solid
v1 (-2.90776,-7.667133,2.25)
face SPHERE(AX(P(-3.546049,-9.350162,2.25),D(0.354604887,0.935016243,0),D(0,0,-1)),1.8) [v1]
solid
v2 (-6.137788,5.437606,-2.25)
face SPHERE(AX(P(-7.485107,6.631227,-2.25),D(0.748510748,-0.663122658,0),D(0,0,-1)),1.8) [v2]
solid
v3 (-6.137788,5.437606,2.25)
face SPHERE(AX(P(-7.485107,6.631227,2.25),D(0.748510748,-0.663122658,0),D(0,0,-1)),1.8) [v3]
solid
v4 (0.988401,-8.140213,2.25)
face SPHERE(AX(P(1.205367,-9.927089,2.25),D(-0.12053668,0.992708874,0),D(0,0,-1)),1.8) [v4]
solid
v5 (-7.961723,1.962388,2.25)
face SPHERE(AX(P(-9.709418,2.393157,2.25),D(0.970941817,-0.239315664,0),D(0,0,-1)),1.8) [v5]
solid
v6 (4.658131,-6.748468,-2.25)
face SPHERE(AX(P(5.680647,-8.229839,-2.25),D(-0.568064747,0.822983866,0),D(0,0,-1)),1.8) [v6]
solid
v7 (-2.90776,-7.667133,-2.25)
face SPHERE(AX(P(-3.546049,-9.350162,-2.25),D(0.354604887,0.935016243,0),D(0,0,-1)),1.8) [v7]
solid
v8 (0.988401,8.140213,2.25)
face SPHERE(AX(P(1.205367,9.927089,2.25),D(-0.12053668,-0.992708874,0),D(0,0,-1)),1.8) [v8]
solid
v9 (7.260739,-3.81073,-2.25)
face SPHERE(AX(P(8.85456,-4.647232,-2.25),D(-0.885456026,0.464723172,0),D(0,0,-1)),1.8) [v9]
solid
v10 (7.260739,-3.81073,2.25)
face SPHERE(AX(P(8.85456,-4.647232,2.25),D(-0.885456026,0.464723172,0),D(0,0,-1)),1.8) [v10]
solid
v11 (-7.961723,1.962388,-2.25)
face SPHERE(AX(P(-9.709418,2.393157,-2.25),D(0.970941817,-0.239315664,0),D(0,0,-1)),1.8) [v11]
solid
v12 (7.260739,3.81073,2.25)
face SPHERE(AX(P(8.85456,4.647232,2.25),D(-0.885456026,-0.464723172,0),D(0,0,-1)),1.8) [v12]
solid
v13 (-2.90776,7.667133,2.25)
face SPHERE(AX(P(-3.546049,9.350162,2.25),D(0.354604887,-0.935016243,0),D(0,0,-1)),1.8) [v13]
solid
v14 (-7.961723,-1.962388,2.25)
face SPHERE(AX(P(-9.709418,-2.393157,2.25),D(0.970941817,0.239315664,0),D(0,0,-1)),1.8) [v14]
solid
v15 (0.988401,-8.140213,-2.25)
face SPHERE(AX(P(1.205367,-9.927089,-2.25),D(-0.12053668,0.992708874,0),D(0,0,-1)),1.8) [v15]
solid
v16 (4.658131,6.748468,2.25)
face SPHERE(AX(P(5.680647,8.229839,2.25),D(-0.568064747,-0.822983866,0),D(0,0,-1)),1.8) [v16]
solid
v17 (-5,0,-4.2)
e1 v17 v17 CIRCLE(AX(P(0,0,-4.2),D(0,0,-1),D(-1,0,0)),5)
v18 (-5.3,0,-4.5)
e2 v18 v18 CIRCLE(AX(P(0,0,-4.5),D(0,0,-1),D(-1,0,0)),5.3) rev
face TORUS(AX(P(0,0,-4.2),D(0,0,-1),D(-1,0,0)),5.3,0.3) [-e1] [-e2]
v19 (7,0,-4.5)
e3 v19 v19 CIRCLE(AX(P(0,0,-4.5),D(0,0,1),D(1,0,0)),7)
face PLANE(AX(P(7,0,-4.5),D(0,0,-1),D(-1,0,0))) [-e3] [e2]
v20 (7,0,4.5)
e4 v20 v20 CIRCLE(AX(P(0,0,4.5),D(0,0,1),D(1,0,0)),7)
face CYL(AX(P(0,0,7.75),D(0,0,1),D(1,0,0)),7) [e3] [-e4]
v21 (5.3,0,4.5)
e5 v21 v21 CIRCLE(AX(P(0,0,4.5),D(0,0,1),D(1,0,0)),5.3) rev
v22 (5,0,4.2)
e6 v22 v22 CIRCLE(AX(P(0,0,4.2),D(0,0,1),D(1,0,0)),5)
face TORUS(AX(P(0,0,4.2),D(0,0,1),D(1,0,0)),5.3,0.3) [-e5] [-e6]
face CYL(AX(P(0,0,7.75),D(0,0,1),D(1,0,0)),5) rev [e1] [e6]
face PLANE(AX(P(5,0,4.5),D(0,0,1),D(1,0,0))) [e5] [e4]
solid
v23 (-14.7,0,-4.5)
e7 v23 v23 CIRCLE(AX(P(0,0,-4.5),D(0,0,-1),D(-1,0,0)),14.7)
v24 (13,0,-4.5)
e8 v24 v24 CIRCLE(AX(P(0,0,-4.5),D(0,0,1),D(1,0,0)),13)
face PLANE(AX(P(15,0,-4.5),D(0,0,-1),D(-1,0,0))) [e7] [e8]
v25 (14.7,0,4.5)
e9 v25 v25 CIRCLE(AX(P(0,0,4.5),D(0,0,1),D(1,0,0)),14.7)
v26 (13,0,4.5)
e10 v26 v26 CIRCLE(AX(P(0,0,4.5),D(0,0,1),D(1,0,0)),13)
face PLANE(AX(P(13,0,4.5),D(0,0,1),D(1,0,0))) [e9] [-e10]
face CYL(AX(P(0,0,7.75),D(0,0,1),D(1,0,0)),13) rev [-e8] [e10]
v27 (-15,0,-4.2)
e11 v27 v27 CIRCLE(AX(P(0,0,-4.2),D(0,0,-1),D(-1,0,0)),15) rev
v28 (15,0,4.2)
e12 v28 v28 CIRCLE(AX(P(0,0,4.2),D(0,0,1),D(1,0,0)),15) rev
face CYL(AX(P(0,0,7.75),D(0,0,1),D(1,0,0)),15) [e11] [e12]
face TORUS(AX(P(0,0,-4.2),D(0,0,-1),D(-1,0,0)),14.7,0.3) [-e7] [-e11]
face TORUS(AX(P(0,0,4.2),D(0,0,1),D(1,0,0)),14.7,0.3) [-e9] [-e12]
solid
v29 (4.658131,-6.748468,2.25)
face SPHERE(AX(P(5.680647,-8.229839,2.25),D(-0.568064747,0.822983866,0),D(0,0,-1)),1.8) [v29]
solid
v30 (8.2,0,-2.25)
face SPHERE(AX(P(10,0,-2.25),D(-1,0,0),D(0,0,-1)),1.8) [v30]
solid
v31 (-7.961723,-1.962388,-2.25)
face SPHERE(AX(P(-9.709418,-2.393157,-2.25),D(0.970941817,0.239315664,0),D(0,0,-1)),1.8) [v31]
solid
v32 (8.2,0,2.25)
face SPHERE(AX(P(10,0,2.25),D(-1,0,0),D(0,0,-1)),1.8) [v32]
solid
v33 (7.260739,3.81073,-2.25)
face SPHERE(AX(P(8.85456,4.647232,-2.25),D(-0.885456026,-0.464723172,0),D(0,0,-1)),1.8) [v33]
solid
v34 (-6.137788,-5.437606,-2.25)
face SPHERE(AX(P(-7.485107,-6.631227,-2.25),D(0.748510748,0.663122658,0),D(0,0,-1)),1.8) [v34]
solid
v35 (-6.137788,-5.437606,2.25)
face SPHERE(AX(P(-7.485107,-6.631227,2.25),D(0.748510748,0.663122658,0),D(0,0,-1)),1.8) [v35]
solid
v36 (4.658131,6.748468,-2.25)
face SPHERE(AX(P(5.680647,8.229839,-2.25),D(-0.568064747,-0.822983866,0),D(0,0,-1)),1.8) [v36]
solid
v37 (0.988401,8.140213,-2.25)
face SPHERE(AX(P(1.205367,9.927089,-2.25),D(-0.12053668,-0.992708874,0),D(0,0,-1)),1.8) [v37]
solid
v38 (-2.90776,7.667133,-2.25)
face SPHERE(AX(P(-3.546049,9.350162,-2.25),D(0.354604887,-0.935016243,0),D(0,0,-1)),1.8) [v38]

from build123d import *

# Parameters (mm, degrees)
INNERS_W            = 2
INNERS_H            = 9
OUTERS_W            = 2
OUTERS_H            = 9
BALL1SPATTERN_COUNT = 13
BALL2SPATTERN_COUNT = 13
FILLET_F1_R         = 0.3
FILLET_F2_R         = 0.3


with BuildPart() as part:
    # InnerS → InnerRing (revolve)
    with BuildSketch(Plane(origin=(0, 0, 0), x_dir=(1, 0, 0), z_dir=(0, 1, 0))):
        with Locations((6, 0)):
            Rectangle(INNERS_W, INNERS_H)
    revolve(axis=Axis((0, 0, 7.75), (0, 0, -1)))

    # Fillet F1
    fillet_f1_edges = [part.edges().sort_by_distance(p)[0] for p in [
        (-5, 0, -4.5),
        (-5, 0, 4.5),
    ]]
    fillet(fillet_f1_edges, radius=FILLET_F1_R)


with BuildPart() as body_2:
    # OuterS → OuterRing (revolve)
    with BuildSketch(Plane(origin=(0, 0, 0), x_dir=(1, 0, 0), z_dir=(0, 1, 0))):
        with Locations((14, 0)):
            Rectangle(OUTERS_W, OUTERS_H)
    revolve(axis=Axis((0, 0, 7.75), (0, 0, -1)))

    # Fillet F2
    fillet_f2_edges = [body_2.edges().sort_by_distance(p)[0] for p in [
        (-15, 0, -4.5),
        (-15, 0, 4.5),
    ]]
    fillet(fillet_f2_edges, radius=FILLET_F2_R)


with BuildPart() as body_3:
    # Ball1S → Ball1 (revolve)
    with BuildSketch(Plane(origin=(0, 0, 0), x_dir=(1, 0, 0), z_dir=(0, 1, 0))):
        with BuildLine():
            Line((8.2, 2.25), (11.8, 2.25))
            ThreePointArc((11.8, 2.25), (10, 0.45), (8.2, 2.25))
        make_face()
    revolve(axis=Axis((8.2, 0, -2.25), (1, 0, 0)))


with BuildPart() as ball1spattern_1:
    # Ball1sPattern: pattern copy
    add(body_3.part.rotate(Axis((0, 0, -4.95), (0, 0, 1)), 1 * 360 / BALL1SPATTERN_COUNT))


with BuildPart() as ball1spattern_2:
    # Ball1sPattern: pattern copy
    add(body_3.part.rotate(Axis((0, 0, -4.95), (0, 0, 1)), 2 * 360 / BALL1SPATTERN_COUNT))


with BuildPart() as ball1spattern_3:
    # Ball1sPattern: pattern copy
    add(body_3.part.rotate(Axis((0, 0, -4.95), (0, 0, 1)), 3 * 360 / BALL1SPATTERN_COUNT))


with BuildPart() as ball1spattern_4:
    # Ball1sPattern: pattern copy
    add(body_3.part.rotate(Axis((0, 0, -4.95), (0, 0, 1)), 4 * 360 / BALL1SPATTERN_COUNT))


with BuildPart() as ball1spattern_5:
    # Ball1sPattern: pattern copy
    add(body_3.part.rotate(Axis((0, 0, -4.95), (0, 0, 1)), 5 * 360 / BALL1SPATTERN_COUNT))


with BuildPart() as ball1spattern_6:
    # Ball1sPattern: pattern copy
    add(body_3.part.rotate(Axis((0, 0, -4.95), (0, 0, 1)), 6 * 360 / BALL1SPATTERN_COUNT))


with BuildPart() as ball1spattern_7:
    # Ball1sPattern: pattern copy
    add(body_3.part.rotate(Axis((0, 0, -4.95), (0, 0, 1)), 7 * 360 / BALL1SPATTERN_COUNT))


with BuildPart() as ball1spattern_8:
    # Ball1sPattern: pattern copy
    add(body_3.part.rotate(Axis((0, 0, -4.95), (0, 0, 1)), 8 * 360 / BALL1SPATTERN_COUNT))


with BuildPart() as ball1spattern_9:
    # Ball1sPattern: pattern copy
    add(body_3.part.rotate(Axis((0, 0, -4.95), (0, 0, 1)), 9 * 360 / BALL1SPATTERN_COUNT))


with BuildPart() as ball1spattern_10:
    # Ball1sPattern: pattern copy
    add(body_3.part.rotate(Axis((0, 0, -4.95), (0, 0, 1)), 10 * 360 / BALL1SPATTERN_COUNT))


with BuildPart() as ball1spattern_11:
    # Ball1sPattern: pattern copy
    add(body_3.part.rotate(Axis((0, 0, -4.95), (0, 0, 1)), 11 * 360 / BALL1SPATTERN_COUNT))


with BuildPart() as ball1spattern_12:
    # Ball1sPattern: pattern copy
    add(body_3.part.rotate(Axis((0, 0, -4.95), (0, 0, 1)), 12 * 360 / BALL1SPATTERN_COUNT))


with BuildPart() as body_16:
    # Ball2S → Ball2 (revolve)
    with BuildSketch(Plane(origin=(0, 0, 0), x_dir=(1, 0, 0), z_dir=(0, 1, 0))):
        with BuildLine():
            Line((8.2, -2.25), (11.8, -2.25))
            ThreePointArc((11.8, -2.25), (10, -4.05), (8.2, -2.25))
        make_face()
    revolve(axis=Axis((8.2, 0, 2.25), (1, 0, 0)))


with BuildPart() as ball2spattern_1:
    # Ball2sPattern: pattern copy
    add(body_16.part.rotate(Axis((0, 0, -4.95), (0, 0, 1)), 1 * 360 / BALL2SPATTERN_COUNT))


with BuildPart() as ball2spattern_2:
    # Ball2sPattern: pattern copy
    add(body_16.part.rotate(Axis((0, 0, -4.95), (0, 0, 1)), 2 * 360 / BALL2SPATTERN_COUNT))


with BuildPart() as ball2spattern_3:
    # Ball2sPattern: pattern copy
    add(body_16.part.rotate(Axis((0, 0, -4.95), (0, 0, 1)), 3 * 360 / BALL2SPATTERN_COUNT))


with BuildPart() as ball2spattern_4:
    # Ball2sPattern: pattern copy
    add(body_16.part.rotate(Axis((0, 0, -4.95), (0, 0, 1)), 4 * 360 / BALL2SPATTERN_COUNT))


with BuildPart() as ball2spattern_5:
    # Ball2sPattern: pattern copy
    add(body_16.part.rotate(Axis((0, 0, -4.95), (0, 0, 1)), 5 * 360 / BALL2SPATTERN_COUNT))


with BuildPart() as ball2spattern_6:
    # Ball2sPattern: pattern copy
    add(body_16.part.rotate(Axis((0, 0, -4.95), (0, 0, 1)), 6 * 360 / BALL2SPATTERN_COUNT))


with BuildPart() as ball2spattern_7:
    # Ball2sPattern: pattern copy
    add(body_16.part.rotate(Axis((0, 0, -4.95), (0, 0, 1)), 7 * 360 / BALL2SPATTERN_COUNT))


with BuildPart() as ball2spattern_8:
    # Ball2sPattern: pattern copy
    add(body_16.part.rotate(Axis((0, 0, -4.95), (0, 0, 1)), 8 * 360 / BALL2SPATTERN_COUNT))


with BuildPart() as ball2spattern_9:
    # Ball2sPattern: pattern copy
    add(body_16.part.rotate(Axis((0, 0, -4.95), (0, 0, 1)), 9 * 360 / BALL2SPATTERN_COUNT))


with BuildPart() as ball2spattern_10:
    # Ball2sPattern: pattern copy
    add(body_16.part.rotate(Axis((0, 0, -4.95), (0, 0, 1)), 10 * 360 / BALL2SPATTERN_COUNT))


with BuildPart() as ball2spattern_11:
    # Ball2sPattern: pattern copy
    add(body_16.part.rotate(Axis((0, 0, -4.95), (0, 0, 1)), 11 * 360 / BALL2SPATTERN_COUNT))


with BuildPart() as ball2spattern_12:
    # Ball2sPattern: pattern copy
    add(body_16.part.rotate(Axis((0, 0, -4.95), (0, 0, 1)), 12 * 360 / BALL2SPATTERN_COUNT))


solid = Compound([part.part, body_2.part, body_3.part, ball1spattern_1.part, ball1spattern_2.part, ball1spattern_3.part, ball1spattern_4.part, ball1spattern_5.part, ball1spattern_6.part, ball1spattern_7.part, ball1spattern_8.part, ball1spattern_9.part, ball1spattern_10.part, ball1spattern_11.part, ball1spattern_12.part, body_16.part, ball2spattern_1.part, ball2spattern_2.part, ball2spattern_3.part, ball2spattern_4.part, ball2spattern_5.part, ball2spattern_6.part, ball2spattern_7.part, ball2spattern_8.part, ball2spattern_9.part, ball2spattern_10.part, ball2spattern_11.part, ball2spattern_12.part])
